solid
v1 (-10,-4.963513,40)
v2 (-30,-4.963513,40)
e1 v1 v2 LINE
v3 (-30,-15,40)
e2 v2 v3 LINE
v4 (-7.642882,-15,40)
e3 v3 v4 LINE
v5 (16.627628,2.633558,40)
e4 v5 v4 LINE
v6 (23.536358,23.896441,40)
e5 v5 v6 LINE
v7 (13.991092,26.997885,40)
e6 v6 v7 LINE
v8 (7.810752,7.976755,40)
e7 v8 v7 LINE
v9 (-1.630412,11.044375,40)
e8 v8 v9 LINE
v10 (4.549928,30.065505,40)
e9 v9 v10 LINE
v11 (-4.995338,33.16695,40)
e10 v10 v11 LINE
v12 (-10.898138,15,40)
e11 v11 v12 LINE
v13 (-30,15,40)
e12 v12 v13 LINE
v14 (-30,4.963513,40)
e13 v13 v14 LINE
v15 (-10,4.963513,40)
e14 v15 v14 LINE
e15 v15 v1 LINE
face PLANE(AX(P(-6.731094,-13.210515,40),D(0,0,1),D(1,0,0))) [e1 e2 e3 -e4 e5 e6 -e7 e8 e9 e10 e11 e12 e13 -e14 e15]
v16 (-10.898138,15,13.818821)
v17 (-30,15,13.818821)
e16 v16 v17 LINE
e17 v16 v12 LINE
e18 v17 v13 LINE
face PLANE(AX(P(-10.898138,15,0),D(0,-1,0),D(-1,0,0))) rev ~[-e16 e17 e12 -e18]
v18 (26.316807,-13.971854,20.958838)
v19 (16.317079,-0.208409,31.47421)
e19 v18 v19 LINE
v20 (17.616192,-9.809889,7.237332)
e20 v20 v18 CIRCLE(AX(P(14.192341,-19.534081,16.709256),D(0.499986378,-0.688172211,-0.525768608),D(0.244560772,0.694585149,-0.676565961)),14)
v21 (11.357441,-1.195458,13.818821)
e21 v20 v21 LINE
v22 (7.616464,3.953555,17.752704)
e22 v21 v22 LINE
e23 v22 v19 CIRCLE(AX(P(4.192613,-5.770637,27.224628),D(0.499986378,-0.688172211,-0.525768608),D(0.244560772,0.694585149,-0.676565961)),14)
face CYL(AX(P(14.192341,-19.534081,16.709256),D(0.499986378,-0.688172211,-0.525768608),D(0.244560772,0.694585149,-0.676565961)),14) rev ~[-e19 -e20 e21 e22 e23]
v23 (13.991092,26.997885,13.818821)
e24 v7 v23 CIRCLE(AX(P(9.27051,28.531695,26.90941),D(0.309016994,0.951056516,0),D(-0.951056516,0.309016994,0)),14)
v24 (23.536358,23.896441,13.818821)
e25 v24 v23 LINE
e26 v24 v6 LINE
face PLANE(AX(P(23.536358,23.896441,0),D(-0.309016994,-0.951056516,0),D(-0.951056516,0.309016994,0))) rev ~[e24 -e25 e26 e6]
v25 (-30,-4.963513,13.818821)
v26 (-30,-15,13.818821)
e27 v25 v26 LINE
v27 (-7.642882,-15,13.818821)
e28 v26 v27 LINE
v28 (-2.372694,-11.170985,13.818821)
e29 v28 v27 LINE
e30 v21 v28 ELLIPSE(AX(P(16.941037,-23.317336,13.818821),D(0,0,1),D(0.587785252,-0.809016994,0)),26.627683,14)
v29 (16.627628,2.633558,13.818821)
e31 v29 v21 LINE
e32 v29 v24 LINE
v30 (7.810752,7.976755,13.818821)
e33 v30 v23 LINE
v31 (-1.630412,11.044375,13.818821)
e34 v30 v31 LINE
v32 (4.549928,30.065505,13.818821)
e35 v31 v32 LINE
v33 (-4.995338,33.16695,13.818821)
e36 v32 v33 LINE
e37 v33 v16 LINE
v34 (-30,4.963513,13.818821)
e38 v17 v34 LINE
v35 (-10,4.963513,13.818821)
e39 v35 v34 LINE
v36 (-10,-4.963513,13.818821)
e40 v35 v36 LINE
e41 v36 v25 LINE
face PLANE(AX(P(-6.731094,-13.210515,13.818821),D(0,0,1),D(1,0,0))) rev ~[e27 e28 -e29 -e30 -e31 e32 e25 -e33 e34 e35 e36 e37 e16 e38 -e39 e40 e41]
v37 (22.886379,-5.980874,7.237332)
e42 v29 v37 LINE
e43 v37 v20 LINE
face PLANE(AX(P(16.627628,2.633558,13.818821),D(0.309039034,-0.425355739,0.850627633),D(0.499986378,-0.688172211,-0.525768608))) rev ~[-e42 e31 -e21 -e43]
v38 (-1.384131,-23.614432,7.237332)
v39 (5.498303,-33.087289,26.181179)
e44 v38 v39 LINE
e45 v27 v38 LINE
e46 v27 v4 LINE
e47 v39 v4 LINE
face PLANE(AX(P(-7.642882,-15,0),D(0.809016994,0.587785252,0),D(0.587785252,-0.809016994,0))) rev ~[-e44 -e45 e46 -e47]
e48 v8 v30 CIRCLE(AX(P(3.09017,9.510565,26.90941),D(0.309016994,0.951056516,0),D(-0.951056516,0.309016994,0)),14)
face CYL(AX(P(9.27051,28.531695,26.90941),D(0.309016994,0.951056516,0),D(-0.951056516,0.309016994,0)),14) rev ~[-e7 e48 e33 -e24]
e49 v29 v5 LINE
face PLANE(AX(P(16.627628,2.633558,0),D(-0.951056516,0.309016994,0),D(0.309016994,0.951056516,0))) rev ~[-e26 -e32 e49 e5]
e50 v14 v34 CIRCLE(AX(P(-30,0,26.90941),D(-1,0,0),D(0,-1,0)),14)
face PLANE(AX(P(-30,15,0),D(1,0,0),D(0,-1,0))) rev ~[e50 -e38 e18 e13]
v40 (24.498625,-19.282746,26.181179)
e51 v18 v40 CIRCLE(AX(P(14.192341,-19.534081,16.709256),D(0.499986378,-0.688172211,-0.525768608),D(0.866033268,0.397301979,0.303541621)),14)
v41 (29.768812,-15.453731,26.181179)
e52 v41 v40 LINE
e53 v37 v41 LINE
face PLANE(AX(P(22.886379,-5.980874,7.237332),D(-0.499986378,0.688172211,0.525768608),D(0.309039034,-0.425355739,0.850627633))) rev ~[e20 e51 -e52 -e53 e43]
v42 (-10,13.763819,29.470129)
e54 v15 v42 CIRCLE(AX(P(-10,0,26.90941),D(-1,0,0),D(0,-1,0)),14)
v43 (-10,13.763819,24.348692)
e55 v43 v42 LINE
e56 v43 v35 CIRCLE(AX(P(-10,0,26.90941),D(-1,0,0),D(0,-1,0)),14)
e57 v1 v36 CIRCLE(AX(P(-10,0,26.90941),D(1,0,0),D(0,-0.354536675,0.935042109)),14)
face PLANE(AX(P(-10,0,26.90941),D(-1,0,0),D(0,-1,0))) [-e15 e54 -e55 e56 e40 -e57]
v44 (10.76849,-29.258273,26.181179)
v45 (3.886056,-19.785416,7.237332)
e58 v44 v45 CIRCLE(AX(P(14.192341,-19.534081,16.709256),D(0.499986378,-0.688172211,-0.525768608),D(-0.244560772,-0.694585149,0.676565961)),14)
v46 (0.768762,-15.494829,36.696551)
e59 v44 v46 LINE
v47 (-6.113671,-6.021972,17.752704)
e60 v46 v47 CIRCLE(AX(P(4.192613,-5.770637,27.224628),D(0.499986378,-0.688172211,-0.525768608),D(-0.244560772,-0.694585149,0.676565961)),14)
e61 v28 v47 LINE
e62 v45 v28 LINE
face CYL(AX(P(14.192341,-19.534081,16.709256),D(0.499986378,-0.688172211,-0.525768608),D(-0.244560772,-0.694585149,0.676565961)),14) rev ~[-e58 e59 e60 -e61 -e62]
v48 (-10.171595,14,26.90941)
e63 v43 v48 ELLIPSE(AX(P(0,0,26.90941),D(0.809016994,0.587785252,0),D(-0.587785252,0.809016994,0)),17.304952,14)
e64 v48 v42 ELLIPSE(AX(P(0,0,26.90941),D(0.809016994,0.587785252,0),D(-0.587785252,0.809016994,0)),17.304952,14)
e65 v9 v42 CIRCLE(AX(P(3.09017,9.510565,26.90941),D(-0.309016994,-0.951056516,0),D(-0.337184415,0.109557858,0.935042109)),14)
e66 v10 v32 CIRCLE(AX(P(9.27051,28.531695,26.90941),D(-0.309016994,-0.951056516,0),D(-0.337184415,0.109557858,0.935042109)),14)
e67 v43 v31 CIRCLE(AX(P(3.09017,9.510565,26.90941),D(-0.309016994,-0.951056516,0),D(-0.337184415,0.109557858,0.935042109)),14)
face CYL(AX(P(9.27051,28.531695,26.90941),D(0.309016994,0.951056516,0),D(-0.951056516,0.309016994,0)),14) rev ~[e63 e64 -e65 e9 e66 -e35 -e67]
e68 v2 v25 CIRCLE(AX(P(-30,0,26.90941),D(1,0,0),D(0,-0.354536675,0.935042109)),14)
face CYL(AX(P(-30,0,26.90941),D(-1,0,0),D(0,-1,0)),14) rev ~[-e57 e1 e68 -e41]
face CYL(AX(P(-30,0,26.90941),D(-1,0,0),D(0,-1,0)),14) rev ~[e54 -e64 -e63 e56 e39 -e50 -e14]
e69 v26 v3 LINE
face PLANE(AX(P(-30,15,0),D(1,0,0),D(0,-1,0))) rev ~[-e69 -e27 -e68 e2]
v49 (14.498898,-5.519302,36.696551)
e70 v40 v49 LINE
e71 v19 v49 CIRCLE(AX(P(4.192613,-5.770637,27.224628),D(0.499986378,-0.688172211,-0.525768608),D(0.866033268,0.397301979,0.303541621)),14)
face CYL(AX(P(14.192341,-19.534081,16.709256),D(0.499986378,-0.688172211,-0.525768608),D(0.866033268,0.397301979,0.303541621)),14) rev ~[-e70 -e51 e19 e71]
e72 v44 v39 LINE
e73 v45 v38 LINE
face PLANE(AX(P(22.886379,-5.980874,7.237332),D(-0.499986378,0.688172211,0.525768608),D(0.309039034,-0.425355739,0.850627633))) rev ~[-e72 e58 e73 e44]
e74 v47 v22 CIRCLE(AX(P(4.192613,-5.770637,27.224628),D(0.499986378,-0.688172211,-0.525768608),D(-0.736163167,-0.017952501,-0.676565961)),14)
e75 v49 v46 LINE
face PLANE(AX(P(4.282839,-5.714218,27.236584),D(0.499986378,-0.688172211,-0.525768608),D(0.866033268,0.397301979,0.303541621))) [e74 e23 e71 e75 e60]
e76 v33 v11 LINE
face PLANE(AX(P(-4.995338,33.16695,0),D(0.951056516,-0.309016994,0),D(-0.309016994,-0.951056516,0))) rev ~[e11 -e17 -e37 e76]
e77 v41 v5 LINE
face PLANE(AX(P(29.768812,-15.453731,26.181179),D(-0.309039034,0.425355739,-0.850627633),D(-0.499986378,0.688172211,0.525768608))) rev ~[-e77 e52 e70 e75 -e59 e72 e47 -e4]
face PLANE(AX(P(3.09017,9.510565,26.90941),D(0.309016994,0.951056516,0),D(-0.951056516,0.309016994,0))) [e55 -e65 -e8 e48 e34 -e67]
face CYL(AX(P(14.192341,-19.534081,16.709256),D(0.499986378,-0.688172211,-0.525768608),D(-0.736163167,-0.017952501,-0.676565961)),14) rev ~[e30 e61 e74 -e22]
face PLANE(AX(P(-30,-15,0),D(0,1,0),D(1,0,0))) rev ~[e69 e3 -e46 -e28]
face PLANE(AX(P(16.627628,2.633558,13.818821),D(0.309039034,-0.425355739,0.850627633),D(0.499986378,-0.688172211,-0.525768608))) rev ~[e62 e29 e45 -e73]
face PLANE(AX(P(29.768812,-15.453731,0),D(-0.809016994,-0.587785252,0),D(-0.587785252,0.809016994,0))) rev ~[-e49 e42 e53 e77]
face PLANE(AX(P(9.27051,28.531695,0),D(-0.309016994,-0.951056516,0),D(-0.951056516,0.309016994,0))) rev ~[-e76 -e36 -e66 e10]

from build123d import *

# Parameters (mm, degrees)
F1_DEPTH  = 40
F3_DEPTH  = 30
F4_DEPTH  = 13.8188209357
F6_DEPTH  = 20
F7_R      = 14
F8_DEPTH  = 20
F9_R      = 14
F10_DEPTH = 20


with BuildPart() as f1:
    # F0 (on Top) → F1 (new body)
    with BuildSketch(Plane.XY):
        Polygon((17.6335575688, -24.2705098312), (0, 0), (-30, 0), (-30, -15), (-7.6428817424, -15), (5.4983026531, -33.0872886156), align=None)
        Polygon((9.2705098312, 28.5316954889), (0, 0), (17.6335575688, -24.2705098312), (29.7688124844, -15.4537310469), (16.6276280888, 2.6335575688), (23.5363575757, 23.8964405732), align=None)
        Polygon((-30, 0), (0, 0), (9.2705098312, 28.5316954889), (-4.9953379132, 33.1669504045), (-10.8981379201, 15), (-30, 15), align=None)
    extrude(amount=F1_DEPTH)

    # F2 (on face) → F3 (cut, through all)
    with BuildSketch(Plane(origin=(12.1352549156, 8.8167787844, 0), x_dir=(-0.5877852523, 0.8090169944, 0), z_dir=(0.8090169944, 0.5877852523, 0))):
        Polygon((-30, 26.1811790643), (-7.6428817424, 40), (-30, 40), align=None)
        Polygon((-18.2909047095, 7.2373321675), (-30, 26.1811790643), (-30, 0), (-7.6428817424, 0), (-7.6428817424, 13.8188209357), align=None)
    extrude(amount=-F3_DEPTH, mode=Mode.SUBTRACT)

    # F4 (cut, through all): a face of the model
    f4_faces = [f1.faces().sort_by_distance(p)[0] for p in [
        (-5.1613250879, 7.1039545366, 0),
    ]]
    extrude(f4_faces, amount=-F4_DEPTH, mode=Mode.SUBTRACT)

    # F5 (on face) → F6 (cut)
    with BuildSketch(Plane(origin=(5.8766333563, -8.0884919048, -6.1796670384), x_dir=(0.8660332683, 0.3973019791, 0.303541621), z_dir=(0.4999863781, -0.6881722113, -0.5257686082))):
        with BuildLine():
            ThreePointArc((13.555551142, 11.7065510585), (20.8125243081, 16.7507031763), (23.6020646696, 25.1367388722))
            ThreePointArc((23.6020646696, 25.1367388722), (23.0669801184, 28.9702818755), (21.5026286756, 32.5107863592))
            Line((21.5026286756, 32.5107863592), (5.6485781973, 38.566926686))
            ThreePointArc((5.6485781973, 38.566926686), (-3.4762295905, 30.1325590497), (-2.2984993363, 17.7626913852))
            Line((-2.2984993363, 17.7626913852), (13.555551142, 11.7065510585))
        make_face()
        with BuildLine():
            ThreePointArc((-2.2984993363, 17.7626913852), (4.6062444921, 12.0584446121), (13.555551142, 11.7065510585))
            Line((13.555551142, 11.7065510585), (-2.2984993363, 17.7626913852))
        make_face()
    extrude(amount=-F6_DEPTH, mode=Mode.SUBTRACT)

    # F7 (on face) → F8 (cut)
    with BuildSketch(Plane(origin=(9.2705098312, 28.5316954889, 0), x_dir=(-0.9510565163, 0.3090169944, 0), z_dir=(0.3090169944, 0.9510565163, 0))):
        with Locations((0, 26.9094104679)):
            Circle(F7_R)
    extrude(amount=-F8_DEPTH, mode=Mode.SUBTRACT)

    # F9 (on face) → F10 (cut)
    with BuildSketch(Plane(origin=(-30, 0, 0), x_dir=(0, -1, 0), z_dir=(-1, 0, 0))):
        with Locations((0, 26.9094104679)):
            Circle(F9_R)
    extrude(amount=-F10_DEPTH, mode=Mode.SUBTRACT)


solid = f1.part
